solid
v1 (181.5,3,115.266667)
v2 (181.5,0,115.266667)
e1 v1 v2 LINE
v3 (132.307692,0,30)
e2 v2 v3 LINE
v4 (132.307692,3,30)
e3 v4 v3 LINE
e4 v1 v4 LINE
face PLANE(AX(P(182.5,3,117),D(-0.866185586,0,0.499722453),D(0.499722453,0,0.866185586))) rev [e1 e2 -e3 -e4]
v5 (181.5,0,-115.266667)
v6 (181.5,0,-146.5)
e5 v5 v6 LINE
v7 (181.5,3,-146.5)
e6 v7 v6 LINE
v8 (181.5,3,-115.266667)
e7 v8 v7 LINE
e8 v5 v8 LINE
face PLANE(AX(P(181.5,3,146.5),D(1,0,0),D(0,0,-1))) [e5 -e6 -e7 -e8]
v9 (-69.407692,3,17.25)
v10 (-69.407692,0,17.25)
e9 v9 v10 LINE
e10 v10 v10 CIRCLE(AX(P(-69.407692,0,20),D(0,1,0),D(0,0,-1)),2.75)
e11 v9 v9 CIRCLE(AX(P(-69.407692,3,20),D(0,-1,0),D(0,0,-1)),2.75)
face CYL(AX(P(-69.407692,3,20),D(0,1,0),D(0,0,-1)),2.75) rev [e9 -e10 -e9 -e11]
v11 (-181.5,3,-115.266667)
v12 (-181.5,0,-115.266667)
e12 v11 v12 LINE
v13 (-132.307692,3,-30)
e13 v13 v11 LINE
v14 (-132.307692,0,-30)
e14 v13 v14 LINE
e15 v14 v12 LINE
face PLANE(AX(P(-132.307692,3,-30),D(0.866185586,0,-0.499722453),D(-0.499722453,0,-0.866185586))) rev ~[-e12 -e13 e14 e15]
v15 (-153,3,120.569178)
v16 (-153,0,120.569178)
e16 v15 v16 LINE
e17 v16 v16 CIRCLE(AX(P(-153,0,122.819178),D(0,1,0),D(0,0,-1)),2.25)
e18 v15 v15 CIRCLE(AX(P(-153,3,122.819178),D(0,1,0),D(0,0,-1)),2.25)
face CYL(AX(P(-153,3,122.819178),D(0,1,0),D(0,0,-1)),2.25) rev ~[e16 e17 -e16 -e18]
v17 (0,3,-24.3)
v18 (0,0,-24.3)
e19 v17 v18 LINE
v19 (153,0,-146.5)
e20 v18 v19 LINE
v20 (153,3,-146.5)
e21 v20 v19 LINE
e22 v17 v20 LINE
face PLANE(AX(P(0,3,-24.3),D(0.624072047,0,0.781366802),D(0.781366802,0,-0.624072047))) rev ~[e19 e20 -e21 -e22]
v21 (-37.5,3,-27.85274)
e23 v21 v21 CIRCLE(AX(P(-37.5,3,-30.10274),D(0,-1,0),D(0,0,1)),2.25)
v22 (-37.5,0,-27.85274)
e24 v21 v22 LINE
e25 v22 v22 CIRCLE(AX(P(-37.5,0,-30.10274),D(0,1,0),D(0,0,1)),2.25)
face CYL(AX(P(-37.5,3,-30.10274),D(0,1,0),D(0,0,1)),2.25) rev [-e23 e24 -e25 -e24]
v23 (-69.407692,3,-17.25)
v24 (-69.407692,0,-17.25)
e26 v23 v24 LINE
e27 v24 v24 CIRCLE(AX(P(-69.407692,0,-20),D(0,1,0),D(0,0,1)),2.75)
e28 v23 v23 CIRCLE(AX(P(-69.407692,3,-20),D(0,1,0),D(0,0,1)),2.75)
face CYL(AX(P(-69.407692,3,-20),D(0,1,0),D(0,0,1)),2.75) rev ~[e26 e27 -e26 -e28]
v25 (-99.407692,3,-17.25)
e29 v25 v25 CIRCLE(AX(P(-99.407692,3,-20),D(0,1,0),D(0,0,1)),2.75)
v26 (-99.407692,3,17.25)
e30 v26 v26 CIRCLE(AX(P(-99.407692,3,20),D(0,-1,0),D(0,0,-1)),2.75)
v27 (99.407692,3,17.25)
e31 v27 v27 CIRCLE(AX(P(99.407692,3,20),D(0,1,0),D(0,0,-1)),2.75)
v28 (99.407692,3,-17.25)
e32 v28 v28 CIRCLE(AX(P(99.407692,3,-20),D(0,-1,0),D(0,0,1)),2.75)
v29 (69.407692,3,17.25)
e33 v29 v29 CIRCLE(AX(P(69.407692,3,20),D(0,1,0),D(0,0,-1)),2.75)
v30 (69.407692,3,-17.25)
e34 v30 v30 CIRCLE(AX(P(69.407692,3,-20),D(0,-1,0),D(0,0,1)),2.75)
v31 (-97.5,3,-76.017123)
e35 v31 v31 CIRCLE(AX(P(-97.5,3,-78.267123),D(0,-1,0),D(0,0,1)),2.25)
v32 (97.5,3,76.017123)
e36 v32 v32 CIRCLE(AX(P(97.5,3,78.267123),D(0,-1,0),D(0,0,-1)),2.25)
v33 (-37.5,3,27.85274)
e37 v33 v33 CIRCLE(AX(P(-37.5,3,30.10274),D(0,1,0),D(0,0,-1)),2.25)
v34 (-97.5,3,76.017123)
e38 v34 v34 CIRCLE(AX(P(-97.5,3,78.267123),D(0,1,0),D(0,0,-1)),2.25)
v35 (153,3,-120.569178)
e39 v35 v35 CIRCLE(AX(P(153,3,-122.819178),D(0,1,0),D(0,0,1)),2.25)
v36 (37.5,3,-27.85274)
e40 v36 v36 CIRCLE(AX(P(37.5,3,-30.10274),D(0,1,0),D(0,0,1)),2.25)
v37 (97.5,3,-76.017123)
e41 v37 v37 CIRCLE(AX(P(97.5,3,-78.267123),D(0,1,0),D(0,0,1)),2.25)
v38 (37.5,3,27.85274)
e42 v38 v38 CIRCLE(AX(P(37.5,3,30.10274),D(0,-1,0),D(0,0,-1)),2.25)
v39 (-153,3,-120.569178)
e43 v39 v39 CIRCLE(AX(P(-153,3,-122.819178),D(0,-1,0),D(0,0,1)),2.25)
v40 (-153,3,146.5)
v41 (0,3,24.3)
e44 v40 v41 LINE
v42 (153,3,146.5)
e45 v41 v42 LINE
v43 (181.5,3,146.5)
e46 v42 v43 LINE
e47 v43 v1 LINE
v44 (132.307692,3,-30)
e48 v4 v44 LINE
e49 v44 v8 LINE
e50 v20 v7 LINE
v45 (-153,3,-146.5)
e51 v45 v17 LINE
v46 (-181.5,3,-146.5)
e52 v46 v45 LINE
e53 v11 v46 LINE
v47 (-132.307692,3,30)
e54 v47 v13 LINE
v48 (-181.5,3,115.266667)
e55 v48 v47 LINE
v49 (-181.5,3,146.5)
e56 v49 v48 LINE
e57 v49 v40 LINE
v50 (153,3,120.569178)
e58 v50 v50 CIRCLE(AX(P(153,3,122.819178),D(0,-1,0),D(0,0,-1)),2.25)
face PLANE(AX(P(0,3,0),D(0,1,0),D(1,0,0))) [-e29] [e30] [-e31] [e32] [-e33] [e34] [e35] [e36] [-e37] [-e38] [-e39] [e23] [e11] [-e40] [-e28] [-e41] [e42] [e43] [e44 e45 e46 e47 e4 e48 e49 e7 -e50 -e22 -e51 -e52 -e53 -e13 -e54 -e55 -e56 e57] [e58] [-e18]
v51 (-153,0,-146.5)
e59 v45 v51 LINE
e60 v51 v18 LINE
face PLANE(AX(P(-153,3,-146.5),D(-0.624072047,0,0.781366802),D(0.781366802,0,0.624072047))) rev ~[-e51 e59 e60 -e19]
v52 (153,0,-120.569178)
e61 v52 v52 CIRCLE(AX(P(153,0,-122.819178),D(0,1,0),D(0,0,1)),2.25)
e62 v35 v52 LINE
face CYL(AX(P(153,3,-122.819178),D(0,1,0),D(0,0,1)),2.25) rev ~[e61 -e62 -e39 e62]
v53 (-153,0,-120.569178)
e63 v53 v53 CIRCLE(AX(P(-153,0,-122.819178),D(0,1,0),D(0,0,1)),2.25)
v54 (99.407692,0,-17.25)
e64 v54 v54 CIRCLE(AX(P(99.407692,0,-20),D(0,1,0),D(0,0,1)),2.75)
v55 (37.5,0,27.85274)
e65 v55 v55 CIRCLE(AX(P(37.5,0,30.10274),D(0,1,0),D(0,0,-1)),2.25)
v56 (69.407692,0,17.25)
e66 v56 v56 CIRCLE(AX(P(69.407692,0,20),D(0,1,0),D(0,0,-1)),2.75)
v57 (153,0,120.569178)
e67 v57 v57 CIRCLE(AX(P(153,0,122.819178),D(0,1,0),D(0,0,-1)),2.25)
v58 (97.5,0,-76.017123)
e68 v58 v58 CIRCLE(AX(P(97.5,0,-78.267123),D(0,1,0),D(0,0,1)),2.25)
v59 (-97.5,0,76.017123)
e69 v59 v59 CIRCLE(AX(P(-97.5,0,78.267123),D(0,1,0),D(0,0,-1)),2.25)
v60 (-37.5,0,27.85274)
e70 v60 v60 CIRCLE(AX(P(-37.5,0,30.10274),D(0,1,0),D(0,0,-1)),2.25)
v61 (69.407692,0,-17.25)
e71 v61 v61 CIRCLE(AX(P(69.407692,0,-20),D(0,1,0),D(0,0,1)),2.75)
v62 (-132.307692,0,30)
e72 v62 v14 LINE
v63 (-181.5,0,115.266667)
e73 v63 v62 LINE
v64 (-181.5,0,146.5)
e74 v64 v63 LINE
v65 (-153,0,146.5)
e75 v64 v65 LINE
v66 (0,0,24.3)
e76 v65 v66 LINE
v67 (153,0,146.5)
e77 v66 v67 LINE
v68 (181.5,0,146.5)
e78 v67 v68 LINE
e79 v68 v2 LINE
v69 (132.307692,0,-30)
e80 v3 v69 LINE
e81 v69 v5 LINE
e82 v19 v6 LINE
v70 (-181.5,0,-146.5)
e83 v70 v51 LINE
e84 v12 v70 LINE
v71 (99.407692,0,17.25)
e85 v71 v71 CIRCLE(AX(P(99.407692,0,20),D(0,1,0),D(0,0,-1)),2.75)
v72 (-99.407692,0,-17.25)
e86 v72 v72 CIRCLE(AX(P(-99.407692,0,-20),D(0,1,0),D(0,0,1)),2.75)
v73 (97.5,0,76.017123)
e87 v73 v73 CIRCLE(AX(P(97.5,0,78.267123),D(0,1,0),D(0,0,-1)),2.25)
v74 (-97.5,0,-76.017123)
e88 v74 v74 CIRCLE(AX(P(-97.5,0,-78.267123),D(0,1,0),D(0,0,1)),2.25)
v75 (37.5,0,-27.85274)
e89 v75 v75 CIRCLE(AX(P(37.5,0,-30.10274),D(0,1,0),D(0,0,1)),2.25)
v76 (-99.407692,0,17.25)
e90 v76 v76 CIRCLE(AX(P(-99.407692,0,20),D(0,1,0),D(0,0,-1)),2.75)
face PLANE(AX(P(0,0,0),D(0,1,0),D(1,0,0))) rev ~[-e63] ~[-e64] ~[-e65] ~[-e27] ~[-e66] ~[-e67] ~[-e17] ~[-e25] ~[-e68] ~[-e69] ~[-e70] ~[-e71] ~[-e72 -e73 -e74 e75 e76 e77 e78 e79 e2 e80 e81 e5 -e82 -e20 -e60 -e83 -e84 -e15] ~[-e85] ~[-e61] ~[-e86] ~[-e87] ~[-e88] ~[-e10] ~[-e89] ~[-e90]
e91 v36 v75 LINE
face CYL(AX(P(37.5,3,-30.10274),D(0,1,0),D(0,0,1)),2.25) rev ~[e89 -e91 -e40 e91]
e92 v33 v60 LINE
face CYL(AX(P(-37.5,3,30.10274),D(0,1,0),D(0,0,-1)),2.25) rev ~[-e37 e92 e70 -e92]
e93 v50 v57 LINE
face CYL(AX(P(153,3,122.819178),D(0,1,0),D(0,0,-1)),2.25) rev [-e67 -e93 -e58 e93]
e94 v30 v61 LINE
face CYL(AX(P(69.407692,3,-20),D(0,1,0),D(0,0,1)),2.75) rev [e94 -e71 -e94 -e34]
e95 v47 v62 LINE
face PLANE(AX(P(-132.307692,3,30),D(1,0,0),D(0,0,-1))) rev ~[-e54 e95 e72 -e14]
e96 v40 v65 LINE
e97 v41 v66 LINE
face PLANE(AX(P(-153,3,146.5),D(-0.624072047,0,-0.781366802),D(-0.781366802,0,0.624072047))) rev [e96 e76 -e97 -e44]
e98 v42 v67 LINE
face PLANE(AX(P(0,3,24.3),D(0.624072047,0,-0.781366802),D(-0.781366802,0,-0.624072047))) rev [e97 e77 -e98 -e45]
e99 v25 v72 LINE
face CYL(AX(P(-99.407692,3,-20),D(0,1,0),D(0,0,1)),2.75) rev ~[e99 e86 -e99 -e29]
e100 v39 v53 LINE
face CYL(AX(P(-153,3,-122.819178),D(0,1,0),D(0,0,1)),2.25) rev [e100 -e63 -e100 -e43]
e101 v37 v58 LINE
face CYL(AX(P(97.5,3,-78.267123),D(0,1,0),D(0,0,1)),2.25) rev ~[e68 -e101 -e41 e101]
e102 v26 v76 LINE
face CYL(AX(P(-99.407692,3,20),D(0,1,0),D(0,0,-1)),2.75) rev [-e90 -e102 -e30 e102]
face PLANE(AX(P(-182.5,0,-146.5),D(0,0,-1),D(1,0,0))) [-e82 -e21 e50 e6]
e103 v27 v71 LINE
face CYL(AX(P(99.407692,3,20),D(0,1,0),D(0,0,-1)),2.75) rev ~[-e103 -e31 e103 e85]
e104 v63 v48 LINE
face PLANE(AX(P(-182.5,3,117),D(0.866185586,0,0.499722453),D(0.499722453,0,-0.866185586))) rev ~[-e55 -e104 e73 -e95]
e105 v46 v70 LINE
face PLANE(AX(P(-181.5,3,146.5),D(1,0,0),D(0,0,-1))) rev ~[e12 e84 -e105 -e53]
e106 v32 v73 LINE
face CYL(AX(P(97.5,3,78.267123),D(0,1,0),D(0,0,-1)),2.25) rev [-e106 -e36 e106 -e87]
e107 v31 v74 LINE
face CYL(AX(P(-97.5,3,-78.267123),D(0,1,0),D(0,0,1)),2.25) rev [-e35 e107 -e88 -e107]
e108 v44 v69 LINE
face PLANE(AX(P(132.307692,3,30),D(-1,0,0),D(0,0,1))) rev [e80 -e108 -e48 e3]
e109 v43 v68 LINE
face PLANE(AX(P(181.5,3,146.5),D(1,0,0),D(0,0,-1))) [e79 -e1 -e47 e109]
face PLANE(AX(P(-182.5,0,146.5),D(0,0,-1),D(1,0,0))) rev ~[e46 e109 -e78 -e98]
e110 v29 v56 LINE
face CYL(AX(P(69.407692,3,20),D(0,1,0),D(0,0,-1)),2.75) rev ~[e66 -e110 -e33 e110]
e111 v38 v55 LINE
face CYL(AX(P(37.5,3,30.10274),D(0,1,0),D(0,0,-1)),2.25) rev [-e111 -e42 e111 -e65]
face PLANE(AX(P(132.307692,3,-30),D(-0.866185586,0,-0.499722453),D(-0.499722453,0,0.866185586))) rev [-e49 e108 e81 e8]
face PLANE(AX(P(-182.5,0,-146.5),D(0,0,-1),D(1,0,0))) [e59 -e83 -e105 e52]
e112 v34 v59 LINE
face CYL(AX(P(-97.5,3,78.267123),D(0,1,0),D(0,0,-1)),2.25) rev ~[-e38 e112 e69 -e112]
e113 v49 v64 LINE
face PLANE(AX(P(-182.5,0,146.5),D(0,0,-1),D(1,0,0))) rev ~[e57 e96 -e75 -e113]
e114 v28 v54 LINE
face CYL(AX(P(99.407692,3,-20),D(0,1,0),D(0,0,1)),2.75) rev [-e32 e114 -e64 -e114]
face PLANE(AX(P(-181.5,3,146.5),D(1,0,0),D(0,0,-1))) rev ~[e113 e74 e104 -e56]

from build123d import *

# Parameters (mm, degrees)
SKETCH1_W               = 365
SKETCH1_H               = 293
BOSS_EXTRUDE1_DEPTH     = 3
CUT_EXTRUDE1_DEPTH      = 4
CUT_EXTRUDE2_DEPTH      = 4
SKETCH8_R               = 2.75
CUT_EXTRUDE3_DEPTH      = 4
MIRROR6_COPY_1_SKETCH_R = 2.75
MIRROR6_COPY_1_DEPTH    = 4
SKETCH9_R               = 2.25
CUT_EXTRUDE4_DEPTH      = 4
MIRROR8_COPY_1_SKETCH_R = 2.25
MIRROR8_COPY_1_DEPTH    = 4
SKETCH10_W              = 1
SKETCH10_H              = 293
CUT_EXTRUDE5_DEPTH      = 4


with BuildPart() as part:
    # Sketch1 → Boss-Extrude1 (new body)
    with BuildSketch(Plane(origin=(0, 0, 0), x_dir=(1, 0, 0), z_dir=(0, 1, 0))):
        Rectangle(SKETCH1_W, SKETCH1_H)
    extrude(amount=BOSS_EXTRUDE1_DEPTH)

    # Sketch3 → Cut-Extrude1 (cut, through all)
    with BuildSketch(Plane(origin=(0, 3, 0), x_dir=(1, 0, 0), z_dir=(0, 1, 0))):
        Polygon((-153, 146.5), (0, 24.3), (153, 146.5), align=None)
    cut_extrude1 = extrude(amount=-CUT_EXTRUDE1_DEPTH, mode=Mode.SUBTRACT)

    # Mirror3: Cut-Extrude1 across plane
    add(cut_extrude1.mirror(Plane.XY), mode=Mode.SUBTRACT)

    # Sketch5 → Cut-Extrude2 (cut, through all)
    with BuildSketch(Plane(origin=(0, 3, 0), x_dir=(1, 0, 0), z_dir=(0, 1, 0))):
        Polygon((-132.307692308, 30), (-182.5, 117), (-182.5, -117), (-132.307692308, -30), align=None)
    cut_extrude2 = extrude(amount=-CUT_EXTRUDE2_DEPTH, mode=Mode.SUBTRACT)

    # Mirror4: Cut-Extrude2 across plane
    add(cut_extrude2.mirror(Plane(origin=(0, 0, 0), x_dir=(0, 0, 1), z_dir=(1, 0, 0))), mode=Mode.SUBTRACT)

    # Sketch8 → Cut-Extrude3 (cut, through all)
    with BuildSketch(Plane(origin=(0, 3, 0), x_dir=(1, 0, 0), z_dir=(0, 1, 0))):
        with Locations(Location((-99.407692308, 20, 0), (0, 0, 270))):  # turned: the seam where the file's is
            Circle(SKETCH8_R)
        with Locations(Location((-69.407692308, 20, 0), (0, 0, 270))):  # turned: the seam where the file's is
            Circle(SKETCH8_R)
    cut_extrude3 = extrude(amount=-CUT_EXTRUDE3_DEPTH, mode=Mode.SUBTRACT)

    # Mirror5: Cut-Extrude3 across plane
    add(cut_extrude3.mirror(Plane.XY), mode=Mode.SUBTRACT)

    # Mirror6: Cut-Extrude3 across plane
    add(cut_extrude3.mirror(Plane(origin=(0, 0, 0), x_dir=(0, 0, 1), z_dir=(1, 0, 0))), mode=Mode.SUBTRACT)

    # Mirror6 copy 1 sketch → Mirror6 copy 1 (cut, through all)
    with BuildSketch(Plane(origin=(0, 3, 0), x_dir=(-1, 0, 0), z_dir=(0, 1, 0))):
        with Locations(Location((-99.407692308, 20, 0), (0, 0, 270))):  # turned: the seam where the file's is
            Circle(MIRROR6_COPY_1_SKETCH_R)
        with Locations(Location((-69.407692308, 20, 0), (0, 0, 270))):  # turned: the seam where the file's is
            Circle(MIRROR6_COPY_1_SKETCH_R)
    extrude(amount=-MIRROR6_COPY_1_DEPTH, mode=Mode.SUBTRACT)

    # Sketch9 → Cut-Extrude4 (cut, through all)
    with BuildSketch(Plane(origin=(0, 3, 0), x_dir=(1, 0, 0), z_dir=(0, 1, 0))):
        with Locations(Location((153, 122.819178082, 0), (0, 0, 270))):  # turned: the seam where the file's is
            Circle(SKETCH9_R)
        with Locations(Location((37.5, 30.102739726, 0), (0, 0, 270))):  # turned: the seam where the file's is
            Circle(SKETCH9_R)
        with Locations(Location((97.5, 78.267123288, 0), (0, 0, 270))):  # turned: the seam where the file's is
            Circle(SKETCH9_R)
    cut_extrude4 = extrude(amount=-CUT_EXTRUDE4_DEPTH, mode=Mode.SUBTRACT)

    # Mirror7: Cut-Extrude4 across plane
    add(cut_extrude4.mirror(Plane(origin=(0, 0, 0), x_dir=(0, 0, 1), z_dir=(1, 0, 0))), mode=Mode.SUBTRACT)

    # Mirror8: Cut-Extrude4 across plane
    add(cut_extrude4.mirror(Plane.XY), mode=Mode.SUBTRACT)

    # Mirror8 copy 1 sketch → Mirror8 copy 1 (cut, through all)
    with BuildSketch(Plane(origin=(0, 3, 0), x_dir=(-1, 0, 0), z_dir=(0, 1, 0))):
        with Locations(Location((153, 122.819178082, 0), (0, 0, 270))):  # turned: the seam where the file's is
            Circle(MIRROR8_COPY_1_SKETCH_R)
        with Locations(Location((37.5, 30.102739726, 0), (0, 0, 270))):  # turned: the seam where the file's is
            Circle(MIRROR8_COPY_1_SKETCH_R)
        with Locations(Location((97.5, 78.267123288, 0), (0, 0, 270))):  # turned: the seam where the file's is
            Circle(MIRROR8_COPY_1_SKETCH_R)
    extrude(amount=-MIRROR8_COPY_1_DEPTH, mode=Mode.SUBTRACT)

    # Sketch10 → Cut-Extrude5 (cut, through all)
    with BuildSketch(Plane(origin=(0, 3, 0), x_dir=(1, 0, 0), z_dir=(0, 1, 0))):
        with Locations((-182, 0)):
            Rectangle(SKETCH10_W, SKETCH10_H)
        with Locations((182, 0)):
            Rectangle(SKETCH10_W, SKETCH10_H)
    extrude(amount=-CUT_EXTRUDE5_DEPTH, mode=Mode.SUBTRACT)


solid = part.part
